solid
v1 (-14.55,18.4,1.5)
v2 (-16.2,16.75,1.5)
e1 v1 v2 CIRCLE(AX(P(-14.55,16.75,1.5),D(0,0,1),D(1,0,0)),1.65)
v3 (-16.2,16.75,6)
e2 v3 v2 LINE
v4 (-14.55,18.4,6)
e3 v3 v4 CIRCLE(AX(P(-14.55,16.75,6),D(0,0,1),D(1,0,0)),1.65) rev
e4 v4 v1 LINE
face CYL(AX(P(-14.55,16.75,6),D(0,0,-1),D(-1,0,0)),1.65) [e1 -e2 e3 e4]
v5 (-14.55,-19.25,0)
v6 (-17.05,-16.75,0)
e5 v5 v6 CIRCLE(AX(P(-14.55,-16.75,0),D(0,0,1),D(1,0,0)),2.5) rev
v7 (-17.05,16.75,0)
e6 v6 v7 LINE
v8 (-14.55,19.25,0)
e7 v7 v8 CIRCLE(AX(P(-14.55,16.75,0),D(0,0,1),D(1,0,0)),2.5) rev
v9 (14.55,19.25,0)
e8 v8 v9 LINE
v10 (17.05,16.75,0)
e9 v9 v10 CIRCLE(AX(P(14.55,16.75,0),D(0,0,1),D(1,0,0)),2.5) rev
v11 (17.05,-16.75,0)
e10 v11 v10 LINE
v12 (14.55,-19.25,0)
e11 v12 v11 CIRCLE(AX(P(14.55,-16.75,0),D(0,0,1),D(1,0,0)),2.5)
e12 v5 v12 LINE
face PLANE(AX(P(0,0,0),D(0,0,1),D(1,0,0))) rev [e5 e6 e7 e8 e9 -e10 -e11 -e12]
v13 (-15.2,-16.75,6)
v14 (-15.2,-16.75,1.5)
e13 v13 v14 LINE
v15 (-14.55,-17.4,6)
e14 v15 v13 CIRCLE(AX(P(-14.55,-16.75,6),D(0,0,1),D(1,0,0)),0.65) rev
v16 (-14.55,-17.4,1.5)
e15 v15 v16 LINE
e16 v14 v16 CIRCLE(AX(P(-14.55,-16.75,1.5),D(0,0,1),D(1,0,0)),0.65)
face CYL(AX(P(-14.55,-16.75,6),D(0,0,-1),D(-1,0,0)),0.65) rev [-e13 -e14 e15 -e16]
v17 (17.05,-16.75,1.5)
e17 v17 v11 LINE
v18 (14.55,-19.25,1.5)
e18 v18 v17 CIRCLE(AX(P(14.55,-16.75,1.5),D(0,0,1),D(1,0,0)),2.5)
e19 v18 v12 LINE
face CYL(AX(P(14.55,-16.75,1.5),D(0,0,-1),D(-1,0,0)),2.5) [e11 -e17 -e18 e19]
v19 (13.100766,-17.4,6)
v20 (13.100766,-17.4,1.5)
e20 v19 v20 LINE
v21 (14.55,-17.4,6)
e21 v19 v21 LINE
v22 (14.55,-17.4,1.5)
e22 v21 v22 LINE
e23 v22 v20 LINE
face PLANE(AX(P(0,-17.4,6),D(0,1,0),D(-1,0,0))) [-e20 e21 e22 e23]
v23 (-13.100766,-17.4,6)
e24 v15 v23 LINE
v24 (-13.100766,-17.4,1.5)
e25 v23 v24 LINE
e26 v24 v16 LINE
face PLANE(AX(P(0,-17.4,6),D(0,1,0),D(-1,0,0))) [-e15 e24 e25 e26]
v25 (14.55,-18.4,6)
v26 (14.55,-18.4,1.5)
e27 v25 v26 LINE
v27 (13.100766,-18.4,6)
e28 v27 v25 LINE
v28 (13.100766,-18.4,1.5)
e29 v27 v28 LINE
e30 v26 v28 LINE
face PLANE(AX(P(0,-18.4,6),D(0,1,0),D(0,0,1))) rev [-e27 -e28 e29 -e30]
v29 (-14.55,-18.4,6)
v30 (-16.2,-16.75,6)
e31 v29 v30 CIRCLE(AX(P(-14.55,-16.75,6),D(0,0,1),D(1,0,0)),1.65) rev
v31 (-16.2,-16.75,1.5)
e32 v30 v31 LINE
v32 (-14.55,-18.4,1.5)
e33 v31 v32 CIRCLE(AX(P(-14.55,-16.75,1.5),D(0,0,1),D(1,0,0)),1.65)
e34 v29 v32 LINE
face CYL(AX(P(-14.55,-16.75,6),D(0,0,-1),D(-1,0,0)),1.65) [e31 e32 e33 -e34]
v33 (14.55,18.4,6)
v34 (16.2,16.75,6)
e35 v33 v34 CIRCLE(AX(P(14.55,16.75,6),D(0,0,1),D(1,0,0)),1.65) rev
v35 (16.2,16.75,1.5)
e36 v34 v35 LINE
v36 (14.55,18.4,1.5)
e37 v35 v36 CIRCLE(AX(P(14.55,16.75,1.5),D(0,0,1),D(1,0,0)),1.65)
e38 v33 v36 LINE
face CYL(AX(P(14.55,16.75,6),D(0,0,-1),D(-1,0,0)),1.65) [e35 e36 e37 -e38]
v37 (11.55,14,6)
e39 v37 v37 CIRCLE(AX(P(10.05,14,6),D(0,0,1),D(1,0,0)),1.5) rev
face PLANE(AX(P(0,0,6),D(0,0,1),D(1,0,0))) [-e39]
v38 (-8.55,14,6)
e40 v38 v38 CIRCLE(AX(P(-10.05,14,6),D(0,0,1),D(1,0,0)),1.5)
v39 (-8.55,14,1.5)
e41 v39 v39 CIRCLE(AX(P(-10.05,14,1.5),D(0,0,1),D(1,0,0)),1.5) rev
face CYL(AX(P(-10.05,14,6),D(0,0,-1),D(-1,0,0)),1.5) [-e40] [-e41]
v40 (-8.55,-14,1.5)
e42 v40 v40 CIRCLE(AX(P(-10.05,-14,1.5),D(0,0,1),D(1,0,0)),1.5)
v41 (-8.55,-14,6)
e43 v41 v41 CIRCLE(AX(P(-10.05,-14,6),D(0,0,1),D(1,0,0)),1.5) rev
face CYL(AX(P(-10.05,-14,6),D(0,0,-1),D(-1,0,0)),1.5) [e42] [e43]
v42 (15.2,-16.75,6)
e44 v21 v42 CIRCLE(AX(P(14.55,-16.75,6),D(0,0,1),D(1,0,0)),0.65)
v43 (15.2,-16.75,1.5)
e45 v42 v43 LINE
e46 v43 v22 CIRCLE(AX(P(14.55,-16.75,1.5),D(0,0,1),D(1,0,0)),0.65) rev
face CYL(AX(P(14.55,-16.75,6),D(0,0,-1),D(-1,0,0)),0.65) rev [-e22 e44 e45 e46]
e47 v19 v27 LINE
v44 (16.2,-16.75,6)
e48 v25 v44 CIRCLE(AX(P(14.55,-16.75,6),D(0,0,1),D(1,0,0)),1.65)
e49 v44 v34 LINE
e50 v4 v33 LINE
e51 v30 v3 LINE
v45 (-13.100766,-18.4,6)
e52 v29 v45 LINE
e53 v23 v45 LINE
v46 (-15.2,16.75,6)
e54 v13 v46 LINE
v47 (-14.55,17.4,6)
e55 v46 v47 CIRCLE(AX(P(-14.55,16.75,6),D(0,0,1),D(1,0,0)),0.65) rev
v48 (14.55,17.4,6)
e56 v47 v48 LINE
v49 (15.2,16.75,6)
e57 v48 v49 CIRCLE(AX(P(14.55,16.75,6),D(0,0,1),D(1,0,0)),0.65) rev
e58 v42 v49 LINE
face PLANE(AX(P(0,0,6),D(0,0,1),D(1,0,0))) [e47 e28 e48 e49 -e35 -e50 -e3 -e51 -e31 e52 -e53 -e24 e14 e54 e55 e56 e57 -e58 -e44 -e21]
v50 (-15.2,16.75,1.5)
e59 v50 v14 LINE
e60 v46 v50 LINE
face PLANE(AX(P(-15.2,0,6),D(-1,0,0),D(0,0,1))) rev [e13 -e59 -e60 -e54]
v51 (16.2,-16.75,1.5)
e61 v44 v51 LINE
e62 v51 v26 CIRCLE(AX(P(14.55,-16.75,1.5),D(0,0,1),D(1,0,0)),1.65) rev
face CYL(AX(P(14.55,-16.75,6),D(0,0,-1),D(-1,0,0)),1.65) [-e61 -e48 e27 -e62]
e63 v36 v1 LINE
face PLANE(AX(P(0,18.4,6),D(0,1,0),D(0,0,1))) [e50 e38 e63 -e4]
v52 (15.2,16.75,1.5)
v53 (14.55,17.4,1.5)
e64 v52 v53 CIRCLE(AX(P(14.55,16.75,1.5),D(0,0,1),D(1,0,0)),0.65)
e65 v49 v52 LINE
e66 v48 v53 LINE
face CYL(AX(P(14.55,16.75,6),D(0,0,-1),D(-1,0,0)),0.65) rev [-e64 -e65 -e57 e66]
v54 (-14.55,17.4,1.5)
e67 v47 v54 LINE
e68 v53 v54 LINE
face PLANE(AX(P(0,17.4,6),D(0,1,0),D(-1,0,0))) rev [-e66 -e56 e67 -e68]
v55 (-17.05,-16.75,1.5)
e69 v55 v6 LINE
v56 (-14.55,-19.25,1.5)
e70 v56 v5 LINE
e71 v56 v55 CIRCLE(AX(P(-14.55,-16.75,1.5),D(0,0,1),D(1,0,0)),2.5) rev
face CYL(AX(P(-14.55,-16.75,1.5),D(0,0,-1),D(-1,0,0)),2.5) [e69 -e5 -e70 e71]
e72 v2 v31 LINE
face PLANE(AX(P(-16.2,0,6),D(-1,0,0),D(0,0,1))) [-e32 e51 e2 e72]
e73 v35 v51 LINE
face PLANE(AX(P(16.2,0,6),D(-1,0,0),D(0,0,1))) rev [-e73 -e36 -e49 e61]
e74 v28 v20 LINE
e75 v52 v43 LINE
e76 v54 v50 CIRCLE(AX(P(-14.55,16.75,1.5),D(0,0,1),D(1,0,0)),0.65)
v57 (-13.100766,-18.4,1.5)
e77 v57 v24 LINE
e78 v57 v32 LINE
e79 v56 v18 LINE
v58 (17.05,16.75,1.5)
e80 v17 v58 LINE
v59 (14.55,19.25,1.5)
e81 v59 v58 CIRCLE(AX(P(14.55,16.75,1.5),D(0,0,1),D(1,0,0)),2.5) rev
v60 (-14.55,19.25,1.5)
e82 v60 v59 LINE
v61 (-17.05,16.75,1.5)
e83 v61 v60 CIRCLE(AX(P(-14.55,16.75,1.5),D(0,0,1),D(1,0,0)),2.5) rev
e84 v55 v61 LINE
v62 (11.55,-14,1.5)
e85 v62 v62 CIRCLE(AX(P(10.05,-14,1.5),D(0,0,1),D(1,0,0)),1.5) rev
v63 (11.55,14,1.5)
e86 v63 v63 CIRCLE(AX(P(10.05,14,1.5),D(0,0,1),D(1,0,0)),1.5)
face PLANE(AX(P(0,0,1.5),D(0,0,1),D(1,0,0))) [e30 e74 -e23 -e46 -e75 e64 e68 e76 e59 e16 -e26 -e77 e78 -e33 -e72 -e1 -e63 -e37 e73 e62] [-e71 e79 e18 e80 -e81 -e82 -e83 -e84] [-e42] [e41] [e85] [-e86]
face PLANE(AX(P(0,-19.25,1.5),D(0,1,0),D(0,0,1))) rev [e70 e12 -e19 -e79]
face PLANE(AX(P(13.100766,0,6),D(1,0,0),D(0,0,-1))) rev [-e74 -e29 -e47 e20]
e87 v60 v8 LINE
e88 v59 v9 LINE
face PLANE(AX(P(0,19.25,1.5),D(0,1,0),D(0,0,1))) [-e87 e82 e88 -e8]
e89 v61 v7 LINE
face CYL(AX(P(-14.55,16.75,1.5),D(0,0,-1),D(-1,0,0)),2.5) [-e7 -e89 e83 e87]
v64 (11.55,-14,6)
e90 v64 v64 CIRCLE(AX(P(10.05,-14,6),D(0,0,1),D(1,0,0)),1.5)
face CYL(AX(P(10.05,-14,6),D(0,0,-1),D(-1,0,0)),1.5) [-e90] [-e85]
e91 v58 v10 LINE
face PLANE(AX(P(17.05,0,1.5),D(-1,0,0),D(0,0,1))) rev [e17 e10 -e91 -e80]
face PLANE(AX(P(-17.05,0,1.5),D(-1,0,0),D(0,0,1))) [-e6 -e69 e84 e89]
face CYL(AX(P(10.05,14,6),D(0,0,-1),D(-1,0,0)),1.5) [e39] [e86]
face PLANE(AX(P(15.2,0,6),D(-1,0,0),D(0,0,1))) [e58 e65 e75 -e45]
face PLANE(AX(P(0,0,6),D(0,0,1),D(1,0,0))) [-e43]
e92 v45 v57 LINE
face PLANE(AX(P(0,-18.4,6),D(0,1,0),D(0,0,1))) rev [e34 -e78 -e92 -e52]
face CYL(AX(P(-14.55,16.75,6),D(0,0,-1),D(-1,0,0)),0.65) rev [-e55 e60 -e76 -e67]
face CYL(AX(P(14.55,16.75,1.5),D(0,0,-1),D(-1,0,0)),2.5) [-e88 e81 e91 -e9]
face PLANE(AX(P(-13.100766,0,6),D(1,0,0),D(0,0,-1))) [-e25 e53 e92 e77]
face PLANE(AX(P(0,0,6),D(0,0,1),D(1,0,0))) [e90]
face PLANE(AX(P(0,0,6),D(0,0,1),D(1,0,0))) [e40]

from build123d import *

# Parameters (mm, degrees)
BOSS_EXTRUDE1_DEPTH = 1.5
SKETCH1_3_R         = 1.5
BOSS_EXTRUDE2_DEPTH = 6


with BuildPart() as part:
    # Sketch1 → Boss-Extrude1 (new body)
    with BuildSketch(Plane.XY):
        with BuildLine():
            ThreePointArc((-17.05, -16.75), (-16.317766953, -18.517766953), (-14.55, -19.25))
            Line((-14.55, -19.25), (14.55, -19.25))
            ThreePointArc((14.55, -19.25), (16.317766953, -18.517766953), (17.05, -16.75))
            Line((17.05, -16.75), (17.05, 16.75))
            ThreePointArc((17.05, 16.75), (16.317766953, 18.517766953), (14.55, 19.25))
            Line((14.55, 19.25), (-14.55, 19.25))
            ThreePointArc((-14.55, 19.25), (-16.317766953, 18.517766953), (-17.05, 16.75))
            Line((-17.05, 16.75), (-17.05, -16.75))
        make_face()
    extrude(amount=BOSS_EXTRUDE1_DEPTH)

    # Sketch1<3> → Boss-Extrude2 (add)
    with BuildSketch(Plane.XY):
        with BuildLine():
            Line((-16.2, 16.75), (-16.2, -16.75))
            ThreePointArc((-16.2, -16.75), (-15.716726189, -17.916726189), (-14.55, -18.4))
            Line((-14.55, -18.4), (-13.10076635, -18.4))
            Line((-13.10076635, -18.4), (-13.10076635, -17.4))
            Line((-13.10076635, -17.4), (-14.55, -17.4))
            ThreePointArc((-14.55, -17.4), (-15.009619408, -17.209619408), (-15.2, -16.75))
            Line((-15.2, -16.75), (-15.2, 16.75))
            ThreePointArc((-15.2, 16.75), (-15.009619408, 17.209619408), (-14.55, 17.4))
            Line((-14.55, 17.4), (14.55, 17.4))
            ThreePointArc((14.55, 17.4), (15.009619408, 17.209619408), (15.2, 16.75))
            Line((15.2, 16.75), (15.2, -16.75))
            ThreePointArc((15.2, -16.75), (15.009619408, -17.209619408), (14.55, -17.4))
            Line((14.55, -17.4), (13.10076635, -17.4))
            Line((13.10076635, -17.4), (13.10076635, -18.4))
            Line((13.10076635, -18.4), (14.55, -18.4))
            ThreePointArc((14.55, -18.4), (15.716726189, -17.916726189), (16.2, -16.75))
            Line((16.2, -16.75), (16.2, 16.75))
            ThreePointArc((16.2, 16.75), (15.716726189, 17.916726189), (14.55, 18.4))
            Line((14.55, 18.4), (-14.55, 18.4))
            ThreePointArc((-14.55, 18.4), (-15.716726189, 17.916726189), (-16.2, 16.75))
        make_face()
        with Locations((-10.05, 14)):
            Circle(SKETCH1_3_R)
        with Locations((10.05, 14)):
            Circle(SKETCH1_3_R)
        with Locations((10.05, -14)):
            Circle(SKETCH1_3_R)
        with Locations((-10.05, -14)):
            Circle(SKETCH1_3_R)
    extrude(amount=BOSS_EXTRUDE2_DEPTH)


solid = part.part
